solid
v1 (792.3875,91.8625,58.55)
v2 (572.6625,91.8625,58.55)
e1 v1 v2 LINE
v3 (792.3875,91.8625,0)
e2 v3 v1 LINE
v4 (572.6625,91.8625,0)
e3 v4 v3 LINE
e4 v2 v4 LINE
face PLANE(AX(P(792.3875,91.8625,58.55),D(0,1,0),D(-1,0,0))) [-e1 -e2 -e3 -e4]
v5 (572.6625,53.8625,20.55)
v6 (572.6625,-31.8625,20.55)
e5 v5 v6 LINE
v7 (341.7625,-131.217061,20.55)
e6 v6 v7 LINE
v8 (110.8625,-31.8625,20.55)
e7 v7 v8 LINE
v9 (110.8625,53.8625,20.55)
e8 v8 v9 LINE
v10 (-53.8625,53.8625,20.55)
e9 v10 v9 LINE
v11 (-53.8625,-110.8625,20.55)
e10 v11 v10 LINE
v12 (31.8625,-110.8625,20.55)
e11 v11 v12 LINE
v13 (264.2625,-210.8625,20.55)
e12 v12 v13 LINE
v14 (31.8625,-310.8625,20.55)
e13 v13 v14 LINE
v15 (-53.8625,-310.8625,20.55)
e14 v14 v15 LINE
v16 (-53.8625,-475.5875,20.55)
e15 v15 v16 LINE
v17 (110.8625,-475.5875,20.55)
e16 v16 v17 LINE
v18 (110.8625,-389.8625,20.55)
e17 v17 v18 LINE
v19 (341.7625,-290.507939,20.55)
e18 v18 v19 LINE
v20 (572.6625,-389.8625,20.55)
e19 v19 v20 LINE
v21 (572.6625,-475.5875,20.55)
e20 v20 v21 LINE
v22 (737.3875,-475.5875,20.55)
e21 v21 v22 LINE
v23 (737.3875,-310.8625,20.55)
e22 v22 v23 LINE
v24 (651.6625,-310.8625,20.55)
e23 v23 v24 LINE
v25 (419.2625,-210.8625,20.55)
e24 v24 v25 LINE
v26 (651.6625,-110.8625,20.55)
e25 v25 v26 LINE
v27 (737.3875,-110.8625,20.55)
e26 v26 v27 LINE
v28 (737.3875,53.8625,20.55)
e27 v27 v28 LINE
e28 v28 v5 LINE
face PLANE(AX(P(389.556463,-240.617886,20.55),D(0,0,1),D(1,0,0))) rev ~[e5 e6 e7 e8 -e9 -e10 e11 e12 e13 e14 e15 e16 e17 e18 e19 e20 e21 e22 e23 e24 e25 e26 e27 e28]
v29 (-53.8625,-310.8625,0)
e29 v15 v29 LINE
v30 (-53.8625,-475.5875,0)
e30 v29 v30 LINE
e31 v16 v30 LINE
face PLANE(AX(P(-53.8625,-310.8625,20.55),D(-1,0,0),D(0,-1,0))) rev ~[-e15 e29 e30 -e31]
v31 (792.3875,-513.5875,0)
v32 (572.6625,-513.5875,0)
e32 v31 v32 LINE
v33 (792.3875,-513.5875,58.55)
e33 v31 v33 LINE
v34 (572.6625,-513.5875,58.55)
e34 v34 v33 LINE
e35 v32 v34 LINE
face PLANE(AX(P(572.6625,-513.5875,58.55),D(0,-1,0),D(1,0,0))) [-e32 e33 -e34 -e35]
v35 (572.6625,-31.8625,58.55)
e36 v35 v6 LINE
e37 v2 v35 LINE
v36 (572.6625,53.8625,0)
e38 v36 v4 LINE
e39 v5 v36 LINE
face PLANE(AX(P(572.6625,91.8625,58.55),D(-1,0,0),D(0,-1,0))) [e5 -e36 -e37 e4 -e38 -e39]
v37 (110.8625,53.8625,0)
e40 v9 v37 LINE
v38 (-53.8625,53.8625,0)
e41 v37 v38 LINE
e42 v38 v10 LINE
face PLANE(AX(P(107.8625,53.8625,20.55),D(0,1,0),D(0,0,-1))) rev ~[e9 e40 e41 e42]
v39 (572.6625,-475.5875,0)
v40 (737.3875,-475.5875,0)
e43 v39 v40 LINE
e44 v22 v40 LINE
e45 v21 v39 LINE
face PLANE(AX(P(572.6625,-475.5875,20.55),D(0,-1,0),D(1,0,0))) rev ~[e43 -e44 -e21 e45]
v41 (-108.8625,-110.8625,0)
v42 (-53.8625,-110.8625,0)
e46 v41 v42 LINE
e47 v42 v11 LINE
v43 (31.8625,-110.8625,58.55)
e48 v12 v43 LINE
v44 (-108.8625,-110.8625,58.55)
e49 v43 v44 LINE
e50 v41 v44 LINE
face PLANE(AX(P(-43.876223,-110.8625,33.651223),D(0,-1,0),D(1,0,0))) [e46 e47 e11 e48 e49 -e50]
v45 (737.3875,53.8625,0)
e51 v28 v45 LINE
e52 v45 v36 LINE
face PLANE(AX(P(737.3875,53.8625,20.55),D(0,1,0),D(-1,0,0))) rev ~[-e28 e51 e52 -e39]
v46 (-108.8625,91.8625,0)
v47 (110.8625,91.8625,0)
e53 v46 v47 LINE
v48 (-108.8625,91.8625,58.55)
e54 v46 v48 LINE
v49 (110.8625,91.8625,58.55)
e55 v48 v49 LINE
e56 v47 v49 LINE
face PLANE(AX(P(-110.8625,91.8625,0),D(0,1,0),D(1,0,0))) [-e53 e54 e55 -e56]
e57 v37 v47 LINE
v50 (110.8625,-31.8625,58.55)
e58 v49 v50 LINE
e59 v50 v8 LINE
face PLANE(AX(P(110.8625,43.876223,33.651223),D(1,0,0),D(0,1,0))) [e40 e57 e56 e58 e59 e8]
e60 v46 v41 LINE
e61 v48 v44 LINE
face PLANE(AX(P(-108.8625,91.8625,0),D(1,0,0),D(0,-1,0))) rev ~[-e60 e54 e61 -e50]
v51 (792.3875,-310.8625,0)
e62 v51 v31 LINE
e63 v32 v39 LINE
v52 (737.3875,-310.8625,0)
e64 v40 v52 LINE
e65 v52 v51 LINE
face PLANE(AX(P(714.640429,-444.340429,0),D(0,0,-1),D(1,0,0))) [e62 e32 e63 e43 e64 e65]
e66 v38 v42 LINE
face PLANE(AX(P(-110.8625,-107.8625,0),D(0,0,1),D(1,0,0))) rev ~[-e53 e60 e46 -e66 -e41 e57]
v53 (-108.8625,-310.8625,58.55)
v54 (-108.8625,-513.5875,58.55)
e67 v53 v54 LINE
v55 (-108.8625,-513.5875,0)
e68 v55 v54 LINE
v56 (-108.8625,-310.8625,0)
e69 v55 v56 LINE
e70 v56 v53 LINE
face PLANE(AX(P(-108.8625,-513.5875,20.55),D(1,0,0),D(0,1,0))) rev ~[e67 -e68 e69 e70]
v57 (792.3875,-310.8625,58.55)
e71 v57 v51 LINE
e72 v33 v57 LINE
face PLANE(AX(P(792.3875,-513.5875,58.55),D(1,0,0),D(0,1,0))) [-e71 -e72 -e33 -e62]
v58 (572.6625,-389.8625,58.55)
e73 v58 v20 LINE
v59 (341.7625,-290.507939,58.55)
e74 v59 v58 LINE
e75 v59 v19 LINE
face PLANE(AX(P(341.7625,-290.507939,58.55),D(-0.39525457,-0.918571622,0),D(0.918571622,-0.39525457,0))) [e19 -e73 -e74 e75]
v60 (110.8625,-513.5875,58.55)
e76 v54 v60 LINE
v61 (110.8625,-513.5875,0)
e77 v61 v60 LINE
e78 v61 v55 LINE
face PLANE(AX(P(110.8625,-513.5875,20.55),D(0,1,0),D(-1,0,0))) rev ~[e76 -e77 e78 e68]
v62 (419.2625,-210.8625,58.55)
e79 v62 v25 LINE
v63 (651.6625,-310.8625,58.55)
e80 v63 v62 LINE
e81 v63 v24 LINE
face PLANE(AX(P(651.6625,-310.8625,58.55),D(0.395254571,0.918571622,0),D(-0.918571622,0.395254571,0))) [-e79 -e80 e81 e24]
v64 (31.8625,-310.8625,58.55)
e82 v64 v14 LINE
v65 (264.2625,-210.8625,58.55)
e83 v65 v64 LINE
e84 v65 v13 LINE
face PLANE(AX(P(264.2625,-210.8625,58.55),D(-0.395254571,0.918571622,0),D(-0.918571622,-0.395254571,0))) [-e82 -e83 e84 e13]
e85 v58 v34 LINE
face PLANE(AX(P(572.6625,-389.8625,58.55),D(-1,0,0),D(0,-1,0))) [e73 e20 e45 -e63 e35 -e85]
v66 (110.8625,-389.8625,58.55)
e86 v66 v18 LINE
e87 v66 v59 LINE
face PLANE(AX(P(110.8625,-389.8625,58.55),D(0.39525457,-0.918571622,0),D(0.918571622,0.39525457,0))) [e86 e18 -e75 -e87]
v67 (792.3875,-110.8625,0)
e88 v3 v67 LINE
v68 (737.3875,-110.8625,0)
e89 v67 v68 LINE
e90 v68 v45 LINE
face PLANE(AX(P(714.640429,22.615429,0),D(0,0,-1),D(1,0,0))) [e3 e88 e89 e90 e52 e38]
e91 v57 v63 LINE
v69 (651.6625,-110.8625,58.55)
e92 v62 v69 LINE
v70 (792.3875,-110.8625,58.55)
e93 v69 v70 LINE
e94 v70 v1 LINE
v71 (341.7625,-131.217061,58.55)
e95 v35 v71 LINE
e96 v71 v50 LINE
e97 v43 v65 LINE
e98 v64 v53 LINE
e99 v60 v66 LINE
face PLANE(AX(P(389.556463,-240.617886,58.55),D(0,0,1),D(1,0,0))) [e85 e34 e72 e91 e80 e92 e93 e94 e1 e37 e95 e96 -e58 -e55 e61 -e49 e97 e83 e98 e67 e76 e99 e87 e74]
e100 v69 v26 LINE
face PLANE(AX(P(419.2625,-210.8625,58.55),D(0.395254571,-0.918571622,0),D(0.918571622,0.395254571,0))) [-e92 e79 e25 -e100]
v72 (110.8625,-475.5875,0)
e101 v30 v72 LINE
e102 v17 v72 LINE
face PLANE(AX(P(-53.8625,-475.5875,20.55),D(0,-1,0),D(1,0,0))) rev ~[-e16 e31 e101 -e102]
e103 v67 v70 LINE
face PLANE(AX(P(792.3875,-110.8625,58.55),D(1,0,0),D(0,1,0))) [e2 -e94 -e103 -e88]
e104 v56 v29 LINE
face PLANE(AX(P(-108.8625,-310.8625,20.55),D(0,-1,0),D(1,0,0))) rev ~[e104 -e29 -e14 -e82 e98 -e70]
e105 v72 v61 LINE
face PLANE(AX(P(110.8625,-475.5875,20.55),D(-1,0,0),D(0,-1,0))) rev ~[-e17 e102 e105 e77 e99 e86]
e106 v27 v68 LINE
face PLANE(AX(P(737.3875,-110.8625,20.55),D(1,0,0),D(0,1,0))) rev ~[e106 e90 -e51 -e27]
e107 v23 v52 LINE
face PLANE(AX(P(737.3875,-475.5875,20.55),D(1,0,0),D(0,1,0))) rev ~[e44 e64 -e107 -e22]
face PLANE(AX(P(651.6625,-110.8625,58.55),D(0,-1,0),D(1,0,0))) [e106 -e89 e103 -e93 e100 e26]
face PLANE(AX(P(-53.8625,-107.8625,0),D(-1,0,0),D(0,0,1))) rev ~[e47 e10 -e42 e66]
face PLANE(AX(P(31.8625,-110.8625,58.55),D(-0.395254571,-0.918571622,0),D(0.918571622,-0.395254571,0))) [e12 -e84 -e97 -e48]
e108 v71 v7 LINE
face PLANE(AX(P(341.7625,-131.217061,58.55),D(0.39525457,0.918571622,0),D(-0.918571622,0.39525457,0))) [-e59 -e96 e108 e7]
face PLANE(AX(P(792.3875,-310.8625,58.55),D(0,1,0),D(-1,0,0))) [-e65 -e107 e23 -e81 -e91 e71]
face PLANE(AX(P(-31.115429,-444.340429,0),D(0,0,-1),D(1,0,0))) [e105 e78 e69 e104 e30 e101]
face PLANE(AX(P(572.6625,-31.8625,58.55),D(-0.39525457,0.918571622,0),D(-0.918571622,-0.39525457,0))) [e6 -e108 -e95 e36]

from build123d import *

# Parameters (mm, degrees)
F1_DEPTH  = 20.55
F2_W      = 215.725
F2_H      = 215.725
F3_DEPTH  = 38
F5_DEPTH  = 58.55
F6_W      = 76
F6_H      = 76
F7_DEPTH  = 38.001
F9_DEPTH  = 3
F11_DEPTH = 3
F12_W     = 221.725
F12_H     = 19
F13_DEPTH = 58.551
F14_W     = 2
F14_H     = 202.725
F15_DEPTH = 58.551
F17_DEPTH = 38
F19_DEPTH = 20.55


with BuildPart() as f1:
    # F0 (on Top) → F1 (new body)
    with BuildSketch(Plane.XY):
        Polygon((-53.8625, 53.8625), (107.8625, 53.8625), (107.8625, 107.8625), (-107.8625, 107.8625), (-107.8625, -107.8625), (-53.8625, -107.8625), align=None)
    extrude(amount=F1_DEPTH)

    # F2 (on face) → F3 (join)
    with BuildSketch(Plane.XY.offset(20.55)):
        Rectangle(F2_W, F2_H)
    extrude(amount=F3_DEPTH)

    # F4 (on face) → F5 (join, through all)
    with BuildSketch(Plane.XY.offset(58.55)):
        Polygon((-110.8625, -107.8625), (-107.8625, -107.8625), (-107.8625, 107.8625), (107.8625, 107.8625), (107.8625, 110.8625), (-110.8625, 110.8625), align=None)
    extrude(amount=-F5_DEPTH)

    # F6 (on face) → F7 (cut, through all)
    with BuildSketch(Plane(origin=(0, 0, 20.55), x_dir=(1, 0, 0), z_dir=(0, 0, -1))):
        with Locations((69.8625, 69.8625)):
            Rectangle(F6_W, F6_H)
    extrude(amount=-F7_DEPTH, mode=Mode.SUBTRACT)

    # F8 (on face) → F9 (join)
    with BuildSketch(Plane.YZ.offset(107.8625)):
        Polygon((110.8625, 58.55), (-31.8625, 58.55), (-31.8625, 20.55), (53.8625, 20.55), (53.8625, 0), (110.8625, 0), align=None)
    extrude(amount=F9_DEPTH)

    # F10 (on face) → F11 (join)
    with BuildSketch(Plane.XZ.offset(107.8625)):
        Polygon((31.8625, 58.55), (-110.8625, 58.55), (-110.8625, 0), (-53.8625, 0), (-53.8625, 20.55), (31.8625, 20.55), align=None)
    extrude(amount=F11_DEPTH)

    # F12 (on face) → F13 (cut, through all)
    with BuildSketch(Plane(origin=(0, 0, 0), x_dir=(1, 0, 0), z_dir=(0, 0, -1))):
        with Locations((0, -101.3625)):
            Rectangle(F12_W, F12_H)
    extrude(amount=-F13_DEPTH, mode=Mode.SUBTRACT)

    # F14 (on face) → F15 (cut, through all)
    with BuildSketch(Plane(origin=(0, 0, 0), x_dir=(1, 0, 0), z_dir=(0, 0, -1))):
        with Locations((-109.8625, 9.5)):
            Rectangle(F14_W, F14_H)
    extrude(amount=-F15_DEPTH, mode=Mode.SUBTRACT)

    # F16 (on face) → F17 (join)
    with BuildSketch(Plane.XY.offset(58.55)):
        Polygon((110.8625, -31.8625), (31.8625, -31.8625), (31.8625, -110.8625), (264.2625, -210.8625), (31.8625, -310.8625), (-108.8625, -310.8625), (-108.8625, -513.5875), (110.8625, -513.5875), (110.8625, -389.8625), (341.7625, -290.507939), (572.6625, -389.8625), (572.6625, -513.5875), (792.3875, -513.5875), (792.3875, -310.8625), (651.6625, -310.8625), (419.2625, -210.8625), (651.6625, -110.8625), (792.3875, -110.8625), (792.3875, 91.8625), (572.6625, 91.8625), (572.6625, -31.8625), (341.7625, -131.217061), align=None)
    extrude(amount=-F17_DEPTH)

    # F18 (on face) → F19 (join, through all)
    with BuildSketch(Plane(origin=(0, 0, 20.55), x_dir=(1, 0, 0), z_dir=(0, 0, -1))):
        Polygon((-108.8625, 310.8625), (-53.8625, 310.8625), (-53.8625, 475.5875), (110.8625, 475.5875), (110.8625, 513.5875), (-108.8625, 513.5875), align=None)
        Polygon((737.3875, 475.5875), (737.3875, 310.8625), (792.3875, 310.8625), (792.3875, 513.5875), (572.6625, 513.5875), (572.6625, 475.5875), align=None)
        Polygon((737.3875, -53.8625), (572.6625, -53.8625), (572.6625, -91.8625), (792.3875, -91.8625), (792.3875, 110.8625), (737.3875, 110.8625), align=None)
    extrude(amount=F19_DEPTH)


solid = f1.part
